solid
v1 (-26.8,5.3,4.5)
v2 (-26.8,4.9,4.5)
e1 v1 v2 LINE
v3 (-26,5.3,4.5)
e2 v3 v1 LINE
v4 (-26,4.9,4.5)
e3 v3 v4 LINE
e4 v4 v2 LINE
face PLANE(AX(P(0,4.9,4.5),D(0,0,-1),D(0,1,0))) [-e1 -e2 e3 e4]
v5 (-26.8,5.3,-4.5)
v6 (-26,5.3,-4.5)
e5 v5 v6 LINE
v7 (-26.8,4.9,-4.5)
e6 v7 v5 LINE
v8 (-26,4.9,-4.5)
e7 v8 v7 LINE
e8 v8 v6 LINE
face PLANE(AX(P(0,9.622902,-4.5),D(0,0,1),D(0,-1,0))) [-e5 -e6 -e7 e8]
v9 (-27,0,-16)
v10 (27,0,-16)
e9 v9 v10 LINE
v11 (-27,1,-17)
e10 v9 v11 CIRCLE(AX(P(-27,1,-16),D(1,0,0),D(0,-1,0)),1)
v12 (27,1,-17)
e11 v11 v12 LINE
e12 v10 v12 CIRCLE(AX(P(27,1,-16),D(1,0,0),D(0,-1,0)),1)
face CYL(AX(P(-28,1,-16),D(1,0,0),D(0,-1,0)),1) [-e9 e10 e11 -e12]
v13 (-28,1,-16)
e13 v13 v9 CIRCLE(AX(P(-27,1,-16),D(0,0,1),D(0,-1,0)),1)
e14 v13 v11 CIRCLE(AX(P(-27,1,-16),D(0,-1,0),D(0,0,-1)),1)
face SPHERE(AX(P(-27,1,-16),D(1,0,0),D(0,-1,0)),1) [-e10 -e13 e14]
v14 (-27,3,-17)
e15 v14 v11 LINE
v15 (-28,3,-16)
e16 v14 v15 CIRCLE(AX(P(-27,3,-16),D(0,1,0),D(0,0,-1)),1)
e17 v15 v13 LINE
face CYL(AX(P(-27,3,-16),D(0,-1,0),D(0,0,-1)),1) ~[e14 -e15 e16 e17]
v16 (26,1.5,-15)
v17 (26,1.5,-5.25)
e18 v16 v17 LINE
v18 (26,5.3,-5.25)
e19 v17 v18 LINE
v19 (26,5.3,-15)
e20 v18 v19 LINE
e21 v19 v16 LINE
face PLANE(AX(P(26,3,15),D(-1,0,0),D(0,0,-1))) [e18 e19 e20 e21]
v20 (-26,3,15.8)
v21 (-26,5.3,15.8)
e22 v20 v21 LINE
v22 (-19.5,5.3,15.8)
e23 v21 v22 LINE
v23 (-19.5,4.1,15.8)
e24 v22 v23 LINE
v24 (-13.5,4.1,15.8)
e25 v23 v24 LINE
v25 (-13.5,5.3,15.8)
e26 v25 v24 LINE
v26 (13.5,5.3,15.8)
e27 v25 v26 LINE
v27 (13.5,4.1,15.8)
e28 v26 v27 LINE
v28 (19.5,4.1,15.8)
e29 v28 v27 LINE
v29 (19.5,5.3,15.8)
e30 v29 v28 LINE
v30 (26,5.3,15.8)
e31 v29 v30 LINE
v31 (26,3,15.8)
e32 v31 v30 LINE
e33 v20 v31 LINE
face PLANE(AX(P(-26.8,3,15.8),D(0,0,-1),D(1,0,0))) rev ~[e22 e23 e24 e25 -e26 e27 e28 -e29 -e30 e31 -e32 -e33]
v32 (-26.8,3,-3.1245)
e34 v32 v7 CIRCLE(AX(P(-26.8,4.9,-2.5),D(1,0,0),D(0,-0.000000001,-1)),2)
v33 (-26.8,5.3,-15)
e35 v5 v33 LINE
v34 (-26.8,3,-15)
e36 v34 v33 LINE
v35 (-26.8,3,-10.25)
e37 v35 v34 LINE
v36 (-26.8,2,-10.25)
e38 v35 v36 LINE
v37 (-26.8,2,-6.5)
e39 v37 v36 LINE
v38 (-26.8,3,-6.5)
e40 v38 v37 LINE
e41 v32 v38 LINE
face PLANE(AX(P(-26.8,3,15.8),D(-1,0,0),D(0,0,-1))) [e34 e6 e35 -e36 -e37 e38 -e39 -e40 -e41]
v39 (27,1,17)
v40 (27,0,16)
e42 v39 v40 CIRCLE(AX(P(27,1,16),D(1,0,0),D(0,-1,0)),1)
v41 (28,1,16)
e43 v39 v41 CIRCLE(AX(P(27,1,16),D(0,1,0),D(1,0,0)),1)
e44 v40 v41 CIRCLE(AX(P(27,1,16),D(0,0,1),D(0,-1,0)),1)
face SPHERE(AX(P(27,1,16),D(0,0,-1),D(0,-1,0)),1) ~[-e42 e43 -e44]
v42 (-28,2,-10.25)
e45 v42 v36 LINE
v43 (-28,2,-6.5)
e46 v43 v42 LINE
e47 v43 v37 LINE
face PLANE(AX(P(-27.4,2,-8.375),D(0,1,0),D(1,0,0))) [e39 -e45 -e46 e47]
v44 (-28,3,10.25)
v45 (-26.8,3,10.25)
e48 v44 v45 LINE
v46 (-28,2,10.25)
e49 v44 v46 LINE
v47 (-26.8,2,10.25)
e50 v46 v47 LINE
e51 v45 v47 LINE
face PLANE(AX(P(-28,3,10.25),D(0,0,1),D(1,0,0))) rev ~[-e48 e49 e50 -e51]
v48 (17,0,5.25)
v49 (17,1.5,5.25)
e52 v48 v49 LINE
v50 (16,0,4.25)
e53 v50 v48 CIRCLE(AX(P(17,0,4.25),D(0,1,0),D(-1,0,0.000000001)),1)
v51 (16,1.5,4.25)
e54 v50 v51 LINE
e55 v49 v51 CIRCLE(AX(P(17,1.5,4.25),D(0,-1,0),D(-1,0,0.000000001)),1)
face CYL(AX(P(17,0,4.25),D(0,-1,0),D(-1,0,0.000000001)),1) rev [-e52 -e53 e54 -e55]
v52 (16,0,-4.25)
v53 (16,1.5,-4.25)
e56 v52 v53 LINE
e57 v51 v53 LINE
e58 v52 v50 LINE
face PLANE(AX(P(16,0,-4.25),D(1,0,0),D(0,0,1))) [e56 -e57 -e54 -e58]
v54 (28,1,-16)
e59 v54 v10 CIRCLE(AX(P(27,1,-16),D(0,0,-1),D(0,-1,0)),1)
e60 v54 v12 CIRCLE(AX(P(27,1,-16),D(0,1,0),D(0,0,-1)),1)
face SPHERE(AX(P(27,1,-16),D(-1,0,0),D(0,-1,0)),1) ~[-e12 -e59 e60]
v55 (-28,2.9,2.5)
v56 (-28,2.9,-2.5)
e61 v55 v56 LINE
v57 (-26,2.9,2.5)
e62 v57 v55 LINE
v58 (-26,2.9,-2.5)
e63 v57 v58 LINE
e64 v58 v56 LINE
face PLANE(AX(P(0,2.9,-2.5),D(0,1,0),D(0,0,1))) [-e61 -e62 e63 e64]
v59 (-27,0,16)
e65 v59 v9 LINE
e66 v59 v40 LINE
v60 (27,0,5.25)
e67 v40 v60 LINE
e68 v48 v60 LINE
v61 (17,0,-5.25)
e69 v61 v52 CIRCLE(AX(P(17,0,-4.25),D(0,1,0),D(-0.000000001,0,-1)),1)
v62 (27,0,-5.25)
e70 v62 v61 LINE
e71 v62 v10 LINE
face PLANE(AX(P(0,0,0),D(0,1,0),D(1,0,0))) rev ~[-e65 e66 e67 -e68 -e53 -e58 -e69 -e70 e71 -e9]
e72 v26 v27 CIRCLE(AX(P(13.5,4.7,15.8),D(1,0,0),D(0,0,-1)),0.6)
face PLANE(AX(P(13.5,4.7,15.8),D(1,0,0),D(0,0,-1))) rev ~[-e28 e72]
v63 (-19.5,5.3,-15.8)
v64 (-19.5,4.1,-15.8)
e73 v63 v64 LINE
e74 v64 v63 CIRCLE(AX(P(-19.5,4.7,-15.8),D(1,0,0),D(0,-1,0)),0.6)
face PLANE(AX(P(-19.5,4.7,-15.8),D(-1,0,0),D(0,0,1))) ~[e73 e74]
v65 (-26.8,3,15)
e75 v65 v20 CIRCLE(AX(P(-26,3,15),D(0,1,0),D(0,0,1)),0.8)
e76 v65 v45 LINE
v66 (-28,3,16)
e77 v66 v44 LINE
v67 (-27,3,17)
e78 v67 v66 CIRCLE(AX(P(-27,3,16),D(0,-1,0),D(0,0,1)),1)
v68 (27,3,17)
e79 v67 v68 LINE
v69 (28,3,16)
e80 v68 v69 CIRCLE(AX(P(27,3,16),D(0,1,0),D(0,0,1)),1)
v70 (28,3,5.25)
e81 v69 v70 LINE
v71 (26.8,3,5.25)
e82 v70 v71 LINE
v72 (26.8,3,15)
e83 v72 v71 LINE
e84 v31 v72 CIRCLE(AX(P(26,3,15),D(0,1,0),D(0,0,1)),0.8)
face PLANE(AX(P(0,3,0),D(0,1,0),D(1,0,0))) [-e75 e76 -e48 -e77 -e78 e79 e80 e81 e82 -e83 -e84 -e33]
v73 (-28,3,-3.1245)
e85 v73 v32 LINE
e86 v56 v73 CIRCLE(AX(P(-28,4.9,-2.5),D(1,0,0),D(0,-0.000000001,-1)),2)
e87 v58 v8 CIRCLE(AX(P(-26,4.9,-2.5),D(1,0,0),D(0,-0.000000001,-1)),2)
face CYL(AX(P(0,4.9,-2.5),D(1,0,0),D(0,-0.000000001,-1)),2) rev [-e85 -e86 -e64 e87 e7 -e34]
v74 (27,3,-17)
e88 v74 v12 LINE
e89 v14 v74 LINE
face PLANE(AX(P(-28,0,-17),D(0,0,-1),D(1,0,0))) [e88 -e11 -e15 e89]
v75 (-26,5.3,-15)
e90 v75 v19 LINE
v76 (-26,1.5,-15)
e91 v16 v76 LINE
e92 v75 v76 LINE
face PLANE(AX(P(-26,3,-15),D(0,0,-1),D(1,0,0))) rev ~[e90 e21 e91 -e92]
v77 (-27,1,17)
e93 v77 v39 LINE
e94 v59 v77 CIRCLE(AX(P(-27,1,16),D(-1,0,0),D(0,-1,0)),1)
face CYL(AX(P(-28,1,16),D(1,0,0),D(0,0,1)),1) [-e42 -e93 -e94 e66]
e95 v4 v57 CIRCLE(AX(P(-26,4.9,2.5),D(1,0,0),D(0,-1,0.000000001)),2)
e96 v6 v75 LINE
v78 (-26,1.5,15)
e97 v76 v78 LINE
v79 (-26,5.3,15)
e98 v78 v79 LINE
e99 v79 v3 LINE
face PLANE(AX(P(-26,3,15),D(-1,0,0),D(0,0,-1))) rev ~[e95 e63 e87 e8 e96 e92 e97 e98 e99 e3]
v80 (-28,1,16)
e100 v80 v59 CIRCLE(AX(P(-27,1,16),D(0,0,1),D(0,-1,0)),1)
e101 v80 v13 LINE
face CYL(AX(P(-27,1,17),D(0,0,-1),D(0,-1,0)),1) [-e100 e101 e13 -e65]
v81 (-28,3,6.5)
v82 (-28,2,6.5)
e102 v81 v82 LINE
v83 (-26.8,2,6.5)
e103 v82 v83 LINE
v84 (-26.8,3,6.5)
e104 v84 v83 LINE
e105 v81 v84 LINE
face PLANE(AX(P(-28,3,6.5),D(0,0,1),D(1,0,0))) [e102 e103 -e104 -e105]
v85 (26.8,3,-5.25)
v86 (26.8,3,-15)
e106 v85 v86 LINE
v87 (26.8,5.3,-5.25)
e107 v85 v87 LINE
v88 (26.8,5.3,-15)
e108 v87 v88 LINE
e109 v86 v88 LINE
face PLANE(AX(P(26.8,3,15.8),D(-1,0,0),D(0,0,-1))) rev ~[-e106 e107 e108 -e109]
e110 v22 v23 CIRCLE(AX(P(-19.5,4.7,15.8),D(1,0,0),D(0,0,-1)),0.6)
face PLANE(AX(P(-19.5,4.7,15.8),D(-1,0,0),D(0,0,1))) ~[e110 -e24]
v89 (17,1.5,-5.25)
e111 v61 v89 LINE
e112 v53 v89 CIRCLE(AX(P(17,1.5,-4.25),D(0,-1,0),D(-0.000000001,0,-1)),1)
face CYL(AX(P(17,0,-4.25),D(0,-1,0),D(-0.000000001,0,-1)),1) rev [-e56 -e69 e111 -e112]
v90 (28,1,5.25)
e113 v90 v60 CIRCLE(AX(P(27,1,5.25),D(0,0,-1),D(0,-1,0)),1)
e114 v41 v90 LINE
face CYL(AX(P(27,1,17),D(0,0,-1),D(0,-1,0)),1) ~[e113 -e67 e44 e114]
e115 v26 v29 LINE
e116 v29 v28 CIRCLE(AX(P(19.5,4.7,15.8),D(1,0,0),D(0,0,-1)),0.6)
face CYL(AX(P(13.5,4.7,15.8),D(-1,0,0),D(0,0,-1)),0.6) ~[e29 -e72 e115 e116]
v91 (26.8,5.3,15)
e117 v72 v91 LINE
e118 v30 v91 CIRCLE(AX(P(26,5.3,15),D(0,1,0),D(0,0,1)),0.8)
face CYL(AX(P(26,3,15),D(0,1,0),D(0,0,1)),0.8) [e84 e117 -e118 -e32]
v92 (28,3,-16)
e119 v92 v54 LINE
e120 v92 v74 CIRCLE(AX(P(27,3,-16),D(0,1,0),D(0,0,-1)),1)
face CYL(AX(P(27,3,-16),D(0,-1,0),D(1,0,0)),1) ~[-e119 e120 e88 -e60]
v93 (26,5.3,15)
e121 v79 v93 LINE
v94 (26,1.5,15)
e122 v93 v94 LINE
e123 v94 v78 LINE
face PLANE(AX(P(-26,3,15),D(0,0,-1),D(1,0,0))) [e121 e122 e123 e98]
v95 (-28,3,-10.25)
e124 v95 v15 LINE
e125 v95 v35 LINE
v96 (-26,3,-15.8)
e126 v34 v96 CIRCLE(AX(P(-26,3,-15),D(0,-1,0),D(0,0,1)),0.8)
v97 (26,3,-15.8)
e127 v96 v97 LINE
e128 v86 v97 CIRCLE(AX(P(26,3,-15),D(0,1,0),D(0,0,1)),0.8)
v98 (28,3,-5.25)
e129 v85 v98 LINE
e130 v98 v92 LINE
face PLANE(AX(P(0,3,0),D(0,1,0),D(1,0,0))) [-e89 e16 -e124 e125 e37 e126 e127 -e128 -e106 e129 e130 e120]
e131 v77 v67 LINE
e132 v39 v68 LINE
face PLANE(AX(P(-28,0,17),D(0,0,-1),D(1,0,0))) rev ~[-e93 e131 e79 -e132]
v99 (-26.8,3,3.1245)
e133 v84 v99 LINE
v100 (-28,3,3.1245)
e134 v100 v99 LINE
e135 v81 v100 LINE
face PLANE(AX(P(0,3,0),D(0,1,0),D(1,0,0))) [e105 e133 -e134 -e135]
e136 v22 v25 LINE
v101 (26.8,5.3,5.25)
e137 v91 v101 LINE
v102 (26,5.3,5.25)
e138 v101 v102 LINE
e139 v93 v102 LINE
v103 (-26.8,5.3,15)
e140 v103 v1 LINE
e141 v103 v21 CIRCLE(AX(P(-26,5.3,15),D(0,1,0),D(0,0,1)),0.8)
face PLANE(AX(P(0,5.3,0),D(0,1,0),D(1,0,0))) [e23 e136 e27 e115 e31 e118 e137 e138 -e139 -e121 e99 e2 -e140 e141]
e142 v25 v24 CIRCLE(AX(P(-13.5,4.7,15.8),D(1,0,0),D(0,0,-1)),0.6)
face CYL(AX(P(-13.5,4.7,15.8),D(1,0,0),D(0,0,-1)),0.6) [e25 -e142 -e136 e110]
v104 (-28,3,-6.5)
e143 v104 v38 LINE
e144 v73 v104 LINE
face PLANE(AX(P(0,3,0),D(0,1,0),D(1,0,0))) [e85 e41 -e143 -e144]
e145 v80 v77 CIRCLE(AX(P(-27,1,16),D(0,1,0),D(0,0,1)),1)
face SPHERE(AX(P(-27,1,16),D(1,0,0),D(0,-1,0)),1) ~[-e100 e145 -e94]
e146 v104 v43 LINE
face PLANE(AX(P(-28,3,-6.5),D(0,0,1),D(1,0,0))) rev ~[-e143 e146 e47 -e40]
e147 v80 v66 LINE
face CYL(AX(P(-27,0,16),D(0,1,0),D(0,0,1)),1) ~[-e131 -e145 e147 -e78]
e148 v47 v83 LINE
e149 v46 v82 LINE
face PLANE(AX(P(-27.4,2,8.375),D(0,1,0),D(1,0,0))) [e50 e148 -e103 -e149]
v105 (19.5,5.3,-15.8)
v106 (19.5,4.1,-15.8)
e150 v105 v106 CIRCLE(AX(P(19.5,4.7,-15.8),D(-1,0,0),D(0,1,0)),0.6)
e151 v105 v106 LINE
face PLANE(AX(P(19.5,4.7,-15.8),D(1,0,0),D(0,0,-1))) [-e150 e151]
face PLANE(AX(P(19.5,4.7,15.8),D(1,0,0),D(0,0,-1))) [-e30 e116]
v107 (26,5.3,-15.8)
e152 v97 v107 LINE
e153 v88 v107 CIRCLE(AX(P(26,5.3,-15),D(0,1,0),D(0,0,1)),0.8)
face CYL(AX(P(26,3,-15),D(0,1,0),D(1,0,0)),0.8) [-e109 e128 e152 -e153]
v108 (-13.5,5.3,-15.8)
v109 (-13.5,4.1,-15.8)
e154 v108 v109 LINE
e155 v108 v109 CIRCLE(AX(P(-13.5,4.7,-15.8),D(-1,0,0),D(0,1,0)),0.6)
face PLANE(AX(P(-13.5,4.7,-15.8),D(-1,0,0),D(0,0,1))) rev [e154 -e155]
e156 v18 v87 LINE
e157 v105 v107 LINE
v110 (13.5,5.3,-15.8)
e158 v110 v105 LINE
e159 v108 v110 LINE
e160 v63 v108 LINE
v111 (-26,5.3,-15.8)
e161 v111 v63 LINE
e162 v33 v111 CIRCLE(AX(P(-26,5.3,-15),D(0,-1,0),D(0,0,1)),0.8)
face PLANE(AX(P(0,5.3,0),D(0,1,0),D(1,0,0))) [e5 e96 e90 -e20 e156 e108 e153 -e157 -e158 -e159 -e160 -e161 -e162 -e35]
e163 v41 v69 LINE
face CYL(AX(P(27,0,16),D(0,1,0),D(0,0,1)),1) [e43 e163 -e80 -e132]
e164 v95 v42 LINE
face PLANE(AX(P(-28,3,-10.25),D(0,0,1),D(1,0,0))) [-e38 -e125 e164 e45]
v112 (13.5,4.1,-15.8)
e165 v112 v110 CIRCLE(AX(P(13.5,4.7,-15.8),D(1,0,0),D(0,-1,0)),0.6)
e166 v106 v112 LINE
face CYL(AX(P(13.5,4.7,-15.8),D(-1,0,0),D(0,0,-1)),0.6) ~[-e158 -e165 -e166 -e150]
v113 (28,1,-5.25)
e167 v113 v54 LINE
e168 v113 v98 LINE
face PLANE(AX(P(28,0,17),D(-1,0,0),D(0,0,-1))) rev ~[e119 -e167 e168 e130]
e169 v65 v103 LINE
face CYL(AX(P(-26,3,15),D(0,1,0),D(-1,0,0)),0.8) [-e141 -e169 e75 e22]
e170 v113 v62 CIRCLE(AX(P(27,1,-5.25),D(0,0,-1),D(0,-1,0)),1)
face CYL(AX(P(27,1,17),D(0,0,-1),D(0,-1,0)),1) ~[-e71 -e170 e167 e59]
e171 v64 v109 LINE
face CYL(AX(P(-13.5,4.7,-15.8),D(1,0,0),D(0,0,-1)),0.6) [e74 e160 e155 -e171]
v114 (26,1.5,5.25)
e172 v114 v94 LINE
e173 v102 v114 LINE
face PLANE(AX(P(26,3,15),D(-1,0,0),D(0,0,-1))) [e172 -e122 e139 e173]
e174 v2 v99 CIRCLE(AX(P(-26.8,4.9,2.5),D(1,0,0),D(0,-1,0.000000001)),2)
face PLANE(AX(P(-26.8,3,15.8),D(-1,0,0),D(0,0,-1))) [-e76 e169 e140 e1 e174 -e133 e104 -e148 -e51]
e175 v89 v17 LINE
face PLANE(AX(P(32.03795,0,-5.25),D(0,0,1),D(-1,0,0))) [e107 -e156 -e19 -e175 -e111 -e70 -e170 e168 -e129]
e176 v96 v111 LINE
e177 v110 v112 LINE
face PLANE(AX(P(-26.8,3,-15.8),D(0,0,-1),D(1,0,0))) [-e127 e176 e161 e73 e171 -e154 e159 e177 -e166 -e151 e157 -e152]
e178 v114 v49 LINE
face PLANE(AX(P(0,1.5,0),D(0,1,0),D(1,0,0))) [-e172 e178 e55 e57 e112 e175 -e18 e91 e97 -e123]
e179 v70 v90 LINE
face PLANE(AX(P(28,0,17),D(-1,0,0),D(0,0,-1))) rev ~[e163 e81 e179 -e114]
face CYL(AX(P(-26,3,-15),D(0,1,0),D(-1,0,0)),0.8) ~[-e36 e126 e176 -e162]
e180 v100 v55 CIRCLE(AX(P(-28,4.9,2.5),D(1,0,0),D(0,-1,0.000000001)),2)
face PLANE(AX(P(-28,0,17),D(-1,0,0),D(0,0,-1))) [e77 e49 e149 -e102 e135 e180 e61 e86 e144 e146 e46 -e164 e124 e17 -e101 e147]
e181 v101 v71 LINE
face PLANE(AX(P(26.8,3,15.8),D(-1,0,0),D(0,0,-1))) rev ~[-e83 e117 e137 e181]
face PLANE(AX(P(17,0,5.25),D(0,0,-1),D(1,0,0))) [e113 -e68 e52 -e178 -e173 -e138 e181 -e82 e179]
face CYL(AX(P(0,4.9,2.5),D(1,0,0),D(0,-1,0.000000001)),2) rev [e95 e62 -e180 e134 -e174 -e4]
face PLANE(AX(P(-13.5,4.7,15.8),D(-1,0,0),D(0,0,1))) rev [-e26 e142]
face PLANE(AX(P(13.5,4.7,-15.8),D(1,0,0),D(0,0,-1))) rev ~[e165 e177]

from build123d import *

# Parameters (mm, degrees)
SKETCH1_W           = 56
SKETCH1_H           = 34
BOSS_EXTRUDE1_DEPTH = 1.5
SKETCH1_3_W         = 56
SKETCH1_3_H         = 34
SKETCH1_3_W_2       = 52
SKETCH1_3_H_2       = 30
BOSS_EXTRUDE2_DEPTH = 3
SKETCH2_W           = 53.6
SKETCH2_H           = 31.6
SKETCH2_W_2         = 52
SKETCH2_H_2         = 30
BOSS_EXTRUDE3_DEPTH = 2.3
SKETCH3_W           = 1.2
SKETCH3_H           = 3.75
CUT_EXTRUDE1_DEPTH  = 1
BOSS_EXTRUDE4_START = 13.5
SKETCH4_R           = 0.6
BOSS_EXTRUDE4_DEPTH = 6
FILLET1_R           = 1
FILLET2_R           = 0.8
CUT_EXTRUDE2_DEPTH  = 34.182676203
CUT_EXTRUDE4_DEPTH  = 34.182676203


with BuildPart() as part:
    # Sketch1 → Boss-Extrude1 (new body)
    with BuildSketch(Plane(origin=(0, 0, 0), x_dir=(1, 0, 0), z_dir=(0, 1, 0))):
        Rectangle(SKETCH1_W, SKETCH1_H)
    extrude(amount=BOSS_EXTRUDE1_DEPTH)

    # Sketch1<3> → Boss-Extrude2 (add)
    with BuildSketch(Plane(origin=(0, 0, 0), x_dir=(1, 0, 0), z_dir=(0, 1, 0))):
        Rectangle(SKETCH1_3_W, SKETCH1_3_H)
        Rectangle(SKETCH1_3_W_2, SKETCH1_3_H_2, mode=Mode.SUBTRACT)
    extrude(amount=BOSS_EXTRUDE2_DEPTH)

    # Sketch2 → Boss-Extrude3 (add)
    with BuildSketch(Plane(origin=(0, 3, 0), x_dir=(1, 0, 0), z_dir=(0, 1, 0))):
        Rectangle(SKETCH2_W, SKETCH2_H)
        Rectangle(SKETCH2_W_2, SKETCH2_H_2, mode=Mode.SUBTRACT)
    extrude(amount=BOSS_EXTRUDE3_DEPTH)

    # Sketch3 → Cut-Extrude1 (cut)
    with BuildSketch(Plane(origin=(0, 3, 0), x_dir=(1, 0, 0), z_dir=(0, 1, 0))):
        with Locations((-27.4, -8.375)):
            Rectangle(SKETCH3_W, SKETCH3_H)
        with Locations((-27.4, 8.375)):
            Rectangle(SKETCH3_W, SKETCH3_H)
    extrude(amount=-CUT_EXTRUDE1_DEPTH, mode=Mode.SUBTRACT)

    # Sketch4 → Boss-Extrude4 (add)
    with BuildSketch(Plane(origin=(0, 0, 0), x_dir=(0, 0, -1), z_dir=(1, 0, 0)).offset(BOSS_EXTRUDE4_START)):
        with Locations((15.8, 4.7)):
            Circle(SKETCH4_R)
        with Locations((-15.8, 4.7)):
            Circle(SKETCH4_R)
    boss_extrude4 = extrude(amount=BOSS_EXTRUDE4_DEPTH)

    # Mirror1: Boss-Extrude4 across plane
    add(boss_extrude4.mirror(Plane(origin=(0, 0, 0), x_dir=(0, 0, 1), z_dir=(1, 0, 0))))

    # Fillet1
    fillet1_edges = [part.edges().sort_by_distance(p)[0] for p in [
        (0, 0, 17),
        (28, 0, 0),
        (0, 0, -17),
        (-28, 0, 0),
        (28, 1.5, 17),
        (-28, 1.5, 17),
        (-28, 1.5, -17),
        (28, 1.5, -17),
    ]]
    fillet(fillet1_edges, radius=FILLET1_R)

    # Fillet2
    fillet2_edges = [part.edges().sort_by_distance(p)[0] for p in [
        (26.8, 4.15, 15.8),
        (-26.8, 4.15, 15.8),
        (-26.8, 4.15, -15.8),
        (26.8, 4.15, -15.8),
    ]]
    fillet(fillet2_edges, radius=FILLET2_R)

    # Sketch5 → Cut-Extrude2 (cut, through all)
    with BuildSketch(Plane(origin=(0, 0, 0), x_dir=(0, 0, -1), z_dir=(1, 0, 0))):
        with BuildLine():
            Line((-4.5, 9.622902271), (4.5, 9.622902271))
            Line((4.5, 9.622902271), (4.5, 4.9))
            ThreePointArc((4.5, 4.9), (3.914213562, 3.485786438), (2.5, 2.9))
            Line((2.5, 2.9), (-2.5, 2.9))
            ThreePointArc((-2.5, 2.9), (-3.914213562, 3.485786438), (-4.5, 4.9))
            Line((-4.5, 4.9), (-4.5, 9.622902271))
        make_face()
    extrude(amount=-CUT_EXTRUDE2_DEPTH, mode=Mode.SUBTRACT)

    # Sketch7 → Cut-Extrude4 (cut, through all)
    with BuildSketch(Plane.XZ):
        with BuildLine():
            Line((32.037949749, -5.25), (17, -5.25))
            ThreePointArc((17, -5.25), (16.292893219, -4.957106781), (16, -4.25))
            Line((16, -4.25), (16, 4.25))
            ThreePointArc((16, 4.25), (16.292893219, 4.957106781), (17, 5.25))
            Line((17, 5.25), (32.037949749, 5.25))
            Line((32.037949749, 5.25), (32.037949749, -5.25))
        make_face()
    extrude(amount=-CUT_EXTRUDE4_DEPTH, mode=Mode.SUBTRACT)


solid = part.part
